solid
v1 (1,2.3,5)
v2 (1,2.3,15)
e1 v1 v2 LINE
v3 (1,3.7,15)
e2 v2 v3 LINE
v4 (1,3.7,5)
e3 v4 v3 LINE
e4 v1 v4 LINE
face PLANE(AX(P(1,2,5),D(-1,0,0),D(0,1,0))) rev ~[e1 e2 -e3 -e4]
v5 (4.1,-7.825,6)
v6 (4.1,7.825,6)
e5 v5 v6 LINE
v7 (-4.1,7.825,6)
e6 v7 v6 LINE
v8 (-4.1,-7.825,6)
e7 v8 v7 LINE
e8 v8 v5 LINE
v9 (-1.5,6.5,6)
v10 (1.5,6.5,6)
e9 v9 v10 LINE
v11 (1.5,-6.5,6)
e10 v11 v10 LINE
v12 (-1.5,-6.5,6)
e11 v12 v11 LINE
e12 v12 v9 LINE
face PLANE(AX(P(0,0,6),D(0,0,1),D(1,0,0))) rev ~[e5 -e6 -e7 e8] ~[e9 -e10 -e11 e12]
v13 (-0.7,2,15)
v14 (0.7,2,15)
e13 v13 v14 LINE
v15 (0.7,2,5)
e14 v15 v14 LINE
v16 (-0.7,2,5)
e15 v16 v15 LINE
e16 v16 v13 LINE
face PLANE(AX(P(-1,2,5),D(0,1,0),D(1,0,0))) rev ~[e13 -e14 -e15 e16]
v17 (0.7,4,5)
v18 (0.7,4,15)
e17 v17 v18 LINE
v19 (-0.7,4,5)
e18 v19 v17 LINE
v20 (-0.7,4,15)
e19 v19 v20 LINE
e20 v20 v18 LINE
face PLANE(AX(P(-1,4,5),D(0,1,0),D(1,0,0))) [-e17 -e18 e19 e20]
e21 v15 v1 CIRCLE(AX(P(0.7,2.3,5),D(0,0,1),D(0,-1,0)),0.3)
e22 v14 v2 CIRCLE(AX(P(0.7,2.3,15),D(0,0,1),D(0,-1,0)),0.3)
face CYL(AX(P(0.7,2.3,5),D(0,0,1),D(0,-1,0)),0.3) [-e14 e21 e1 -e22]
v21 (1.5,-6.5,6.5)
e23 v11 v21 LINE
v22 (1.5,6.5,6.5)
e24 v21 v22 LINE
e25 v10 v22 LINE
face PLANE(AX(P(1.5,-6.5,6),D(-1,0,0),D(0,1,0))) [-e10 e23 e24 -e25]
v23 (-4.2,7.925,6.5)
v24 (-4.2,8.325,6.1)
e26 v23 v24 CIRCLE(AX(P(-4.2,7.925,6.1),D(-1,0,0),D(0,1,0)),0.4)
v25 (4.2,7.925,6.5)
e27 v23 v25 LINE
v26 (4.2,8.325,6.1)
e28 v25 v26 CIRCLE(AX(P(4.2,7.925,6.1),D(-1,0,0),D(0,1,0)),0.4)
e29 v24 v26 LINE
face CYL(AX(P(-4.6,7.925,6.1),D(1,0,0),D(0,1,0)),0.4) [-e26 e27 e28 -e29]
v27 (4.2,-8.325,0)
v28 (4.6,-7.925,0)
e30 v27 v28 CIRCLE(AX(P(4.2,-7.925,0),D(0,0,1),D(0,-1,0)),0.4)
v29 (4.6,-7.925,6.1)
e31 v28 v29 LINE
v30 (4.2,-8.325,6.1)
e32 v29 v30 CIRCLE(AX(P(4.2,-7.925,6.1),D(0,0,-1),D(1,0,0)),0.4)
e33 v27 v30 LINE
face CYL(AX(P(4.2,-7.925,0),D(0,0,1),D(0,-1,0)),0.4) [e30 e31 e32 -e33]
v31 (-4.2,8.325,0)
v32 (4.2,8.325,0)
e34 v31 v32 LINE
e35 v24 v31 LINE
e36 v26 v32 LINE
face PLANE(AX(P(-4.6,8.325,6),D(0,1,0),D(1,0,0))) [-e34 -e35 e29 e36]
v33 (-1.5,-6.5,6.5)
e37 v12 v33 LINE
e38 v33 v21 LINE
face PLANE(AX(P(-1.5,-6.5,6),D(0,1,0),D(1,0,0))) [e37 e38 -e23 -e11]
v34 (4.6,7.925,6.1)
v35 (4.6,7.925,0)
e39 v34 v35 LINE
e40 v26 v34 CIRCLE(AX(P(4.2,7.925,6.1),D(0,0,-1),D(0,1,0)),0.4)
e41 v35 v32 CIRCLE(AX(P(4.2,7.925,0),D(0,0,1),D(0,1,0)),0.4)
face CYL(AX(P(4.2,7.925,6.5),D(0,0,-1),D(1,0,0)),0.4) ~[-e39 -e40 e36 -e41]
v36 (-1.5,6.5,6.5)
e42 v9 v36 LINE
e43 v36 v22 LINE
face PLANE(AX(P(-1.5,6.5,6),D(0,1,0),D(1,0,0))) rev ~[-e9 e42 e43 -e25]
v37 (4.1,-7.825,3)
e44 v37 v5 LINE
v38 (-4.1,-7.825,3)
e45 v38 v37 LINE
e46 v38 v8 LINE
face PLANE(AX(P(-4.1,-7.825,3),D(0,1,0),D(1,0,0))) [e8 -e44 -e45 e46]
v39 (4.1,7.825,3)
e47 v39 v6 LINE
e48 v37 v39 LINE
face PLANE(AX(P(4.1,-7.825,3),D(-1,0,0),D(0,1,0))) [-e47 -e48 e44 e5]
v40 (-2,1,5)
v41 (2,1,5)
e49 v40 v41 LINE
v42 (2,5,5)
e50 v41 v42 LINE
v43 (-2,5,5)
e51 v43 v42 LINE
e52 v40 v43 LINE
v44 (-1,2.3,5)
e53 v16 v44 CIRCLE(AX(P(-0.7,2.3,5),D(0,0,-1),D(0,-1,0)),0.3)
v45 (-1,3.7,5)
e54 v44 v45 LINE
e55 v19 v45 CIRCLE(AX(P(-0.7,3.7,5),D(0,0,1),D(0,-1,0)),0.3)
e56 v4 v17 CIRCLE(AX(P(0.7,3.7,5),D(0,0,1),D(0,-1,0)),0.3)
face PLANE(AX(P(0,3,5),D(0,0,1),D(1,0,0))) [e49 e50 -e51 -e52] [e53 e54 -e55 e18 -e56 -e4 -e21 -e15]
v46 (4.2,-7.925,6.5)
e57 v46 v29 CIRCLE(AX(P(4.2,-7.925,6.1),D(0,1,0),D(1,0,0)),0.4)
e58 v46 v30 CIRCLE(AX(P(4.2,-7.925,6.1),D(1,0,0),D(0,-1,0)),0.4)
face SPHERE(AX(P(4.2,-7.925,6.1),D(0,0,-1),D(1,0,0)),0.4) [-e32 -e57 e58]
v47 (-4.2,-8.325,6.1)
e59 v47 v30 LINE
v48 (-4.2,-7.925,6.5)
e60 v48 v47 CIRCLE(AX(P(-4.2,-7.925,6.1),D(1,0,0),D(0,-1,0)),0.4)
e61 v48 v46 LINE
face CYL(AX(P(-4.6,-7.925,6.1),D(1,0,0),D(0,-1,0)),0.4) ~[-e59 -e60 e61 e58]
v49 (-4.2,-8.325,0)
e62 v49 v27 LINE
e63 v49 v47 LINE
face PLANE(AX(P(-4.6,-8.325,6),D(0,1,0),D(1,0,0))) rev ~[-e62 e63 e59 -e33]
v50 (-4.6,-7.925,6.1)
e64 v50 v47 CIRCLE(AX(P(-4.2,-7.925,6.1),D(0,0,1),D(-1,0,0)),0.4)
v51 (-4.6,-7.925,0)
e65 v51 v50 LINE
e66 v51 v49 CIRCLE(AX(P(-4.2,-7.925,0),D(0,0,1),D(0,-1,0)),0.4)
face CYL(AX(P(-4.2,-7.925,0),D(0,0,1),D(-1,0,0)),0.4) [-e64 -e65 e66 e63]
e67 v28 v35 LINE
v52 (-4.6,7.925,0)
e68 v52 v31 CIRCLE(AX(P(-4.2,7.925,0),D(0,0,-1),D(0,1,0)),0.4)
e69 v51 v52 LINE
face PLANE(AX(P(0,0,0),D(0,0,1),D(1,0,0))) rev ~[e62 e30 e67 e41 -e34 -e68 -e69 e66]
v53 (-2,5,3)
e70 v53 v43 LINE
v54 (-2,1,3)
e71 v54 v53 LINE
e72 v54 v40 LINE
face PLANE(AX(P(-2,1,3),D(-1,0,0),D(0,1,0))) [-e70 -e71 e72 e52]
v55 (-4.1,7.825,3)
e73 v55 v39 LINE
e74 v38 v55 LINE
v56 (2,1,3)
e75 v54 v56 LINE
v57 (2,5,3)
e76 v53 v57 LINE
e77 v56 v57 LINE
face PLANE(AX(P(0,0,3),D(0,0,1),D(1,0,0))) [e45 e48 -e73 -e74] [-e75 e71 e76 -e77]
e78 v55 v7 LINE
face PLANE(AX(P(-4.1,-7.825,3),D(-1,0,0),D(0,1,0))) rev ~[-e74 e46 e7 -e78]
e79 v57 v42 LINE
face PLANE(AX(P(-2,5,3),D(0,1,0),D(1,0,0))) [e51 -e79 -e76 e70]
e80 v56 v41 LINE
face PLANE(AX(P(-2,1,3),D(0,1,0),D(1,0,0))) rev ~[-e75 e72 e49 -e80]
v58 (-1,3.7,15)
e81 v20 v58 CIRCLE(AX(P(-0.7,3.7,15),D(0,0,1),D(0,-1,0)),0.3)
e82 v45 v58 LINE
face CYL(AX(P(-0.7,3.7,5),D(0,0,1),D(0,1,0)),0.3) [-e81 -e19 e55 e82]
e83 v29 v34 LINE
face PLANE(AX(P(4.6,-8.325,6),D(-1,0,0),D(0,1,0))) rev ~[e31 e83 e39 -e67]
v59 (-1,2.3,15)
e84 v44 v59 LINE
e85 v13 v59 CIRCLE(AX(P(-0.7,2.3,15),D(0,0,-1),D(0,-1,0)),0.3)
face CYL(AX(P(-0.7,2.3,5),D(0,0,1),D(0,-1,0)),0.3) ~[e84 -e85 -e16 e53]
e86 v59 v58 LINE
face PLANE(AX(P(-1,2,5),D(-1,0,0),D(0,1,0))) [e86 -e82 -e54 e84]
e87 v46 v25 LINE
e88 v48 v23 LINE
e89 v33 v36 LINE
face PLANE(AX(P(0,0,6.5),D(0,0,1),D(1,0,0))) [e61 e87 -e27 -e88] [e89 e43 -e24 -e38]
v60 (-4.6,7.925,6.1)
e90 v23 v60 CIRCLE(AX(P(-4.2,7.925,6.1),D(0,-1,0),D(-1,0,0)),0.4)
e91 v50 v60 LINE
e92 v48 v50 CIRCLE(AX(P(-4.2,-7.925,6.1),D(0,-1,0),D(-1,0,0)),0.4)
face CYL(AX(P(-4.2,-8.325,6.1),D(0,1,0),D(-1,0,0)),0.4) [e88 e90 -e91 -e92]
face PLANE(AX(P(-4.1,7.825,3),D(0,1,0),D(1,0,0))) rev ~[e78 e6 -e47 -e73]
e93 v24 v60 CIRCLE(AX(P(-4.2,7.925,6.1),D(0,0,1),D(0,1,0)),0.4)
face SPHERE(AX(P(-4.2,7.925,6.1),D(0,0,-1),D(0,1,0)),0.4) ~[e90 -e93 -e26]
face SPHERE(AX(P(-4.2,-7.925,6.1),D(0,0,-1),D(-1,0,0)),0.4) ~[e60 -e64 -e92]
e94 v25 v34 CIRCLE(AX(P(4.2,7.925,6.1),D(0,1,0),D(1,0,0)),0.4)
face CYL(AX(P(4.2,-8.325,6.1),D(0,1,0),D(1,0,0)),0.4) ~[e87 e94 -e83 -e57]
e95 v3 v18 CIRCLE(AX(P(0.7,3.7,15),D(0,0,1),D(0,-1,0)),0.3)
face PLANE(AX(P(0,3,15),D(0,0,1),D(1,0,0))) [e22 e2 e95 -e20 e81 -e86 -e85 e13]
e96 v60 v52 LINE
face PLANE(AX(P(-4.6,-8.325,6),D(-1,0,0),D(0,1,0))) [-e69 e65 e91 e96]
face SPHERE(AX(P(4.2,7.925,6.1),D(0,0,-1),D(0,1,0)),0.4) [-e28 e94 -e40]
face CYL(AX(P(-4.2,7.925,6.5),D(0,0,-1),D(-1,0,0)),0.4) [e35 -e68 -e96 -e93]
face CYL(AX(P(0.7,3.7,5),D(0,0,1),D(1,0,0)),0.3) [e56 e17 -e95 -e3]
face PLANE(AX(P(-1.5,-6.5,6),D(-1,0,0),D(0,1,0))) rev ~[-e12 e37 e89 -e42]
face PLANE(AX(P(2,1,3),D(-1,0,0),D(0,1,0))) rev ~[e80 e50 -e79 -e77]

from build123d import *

# Parameters (mm, degrees)
SKETCH_W      = 9.2
SKETCH_H      = 16.65
PAD_DEPTH     = 3
SKETCH001_W   = 9.2
SKETCH001_H   = 16.65
SKETCH001_W_2 = 8.2
SKETCH001_H_2 = 15.65
PAD001_DEPTH  = 3
SKETCH002_W   = 9.2
SKETCH002_H   = 16.65
SKETCH002_W_2 = 3
SKETCH002_H_2 = 13
PAD002_DEPTH  = 0.5
FILLET_R      = 0.4
SKETCH003_W   = 4
SKETCH003_H   = 4
PAD003_DEPTH  = 2
SKETCH004_W   = 2
SKETCH004_H   = 2
PAD004_DEPTH  = 10
FILLET001_R   = 0.3


with BuildPart() as part:
    # Sketch → Pad (new body)
    with BuildSketch(Plane.XY):
        Rectangle(SKETCH_W, SKETCH_H)
    extrude(amount=PAD_DEPTH)

    # Sketch001 (on Face6 of Pad) → Pad001 (join)
    with BuildSketch(Plane.XY.offset(3)):
        Rectangle(SKETCH001_W, SKETCH001_H)
        Rectangle(SKETCH001_W_2, SKETCH001_H_2, mode=Mode.SUBTRACT)
    extrude(amount=PAD001_DEPTH)

    # Sketch002 (on Face9 of Pad001) → Pad002 (join)
    with BuildSketch(Plane.XY.offset(6)):
        Rectangle(SKETCH002_W, SKETCH002_H)
        Rectangle(SKETCH002_W_2, SKETCH002_H_2, mode=Mode.SUBTRACT)
    extrude(amount=PAD002_DEPTH)

    # Fillet
    fillet_edges = [part.edges().sort_by_distance(p)[0] for p in [
        (4.6, -8.325, 1.5),
        (-4.6, -8.325, 1.5),
        (-4.6, 8.325, 1.5),
        (4.6, 8.325, 1.5),
        (0, 8.325, 6.5),
        (4.6, 0, 6.5),
        (-4.6, 0, 6.5),
        (0, -8.325, 6.5),
    ]]
    fillet(fillet_edges, radius=FILLET_R)

    # Sketch003 (on Face44 of Fillet) → Pad003 (join)
    with BuildSketch(Plane.XY.offset(3)):
        with Locations((0, 3)):
            Rectangle(SKETCH003_W, SKETCH003_H)
    extrude(amount=PAD003_DEPTH)

    # Sketch004 (on Face49 of Pad003) → Pad004 (join)
    with BuildSketch(Plane.XY.offset(5)):
        with Locations((0, 3)):
            Rectangle(SKETCH004_W, SKETCH004_H)
    extrude(amount=PAD004_DEPTH)

    # Fillet001
    fillet001_edges = [part.edges().sort_by_distance(p)[0] for p in [
        (-1, 4, 10),
        (-1, 2, 10),
        (1, 4, 10),
        (1, 2, 10),
    ]]
    fillet(fillet001_edges, radius=FILLET001_R)


solid = part.part
